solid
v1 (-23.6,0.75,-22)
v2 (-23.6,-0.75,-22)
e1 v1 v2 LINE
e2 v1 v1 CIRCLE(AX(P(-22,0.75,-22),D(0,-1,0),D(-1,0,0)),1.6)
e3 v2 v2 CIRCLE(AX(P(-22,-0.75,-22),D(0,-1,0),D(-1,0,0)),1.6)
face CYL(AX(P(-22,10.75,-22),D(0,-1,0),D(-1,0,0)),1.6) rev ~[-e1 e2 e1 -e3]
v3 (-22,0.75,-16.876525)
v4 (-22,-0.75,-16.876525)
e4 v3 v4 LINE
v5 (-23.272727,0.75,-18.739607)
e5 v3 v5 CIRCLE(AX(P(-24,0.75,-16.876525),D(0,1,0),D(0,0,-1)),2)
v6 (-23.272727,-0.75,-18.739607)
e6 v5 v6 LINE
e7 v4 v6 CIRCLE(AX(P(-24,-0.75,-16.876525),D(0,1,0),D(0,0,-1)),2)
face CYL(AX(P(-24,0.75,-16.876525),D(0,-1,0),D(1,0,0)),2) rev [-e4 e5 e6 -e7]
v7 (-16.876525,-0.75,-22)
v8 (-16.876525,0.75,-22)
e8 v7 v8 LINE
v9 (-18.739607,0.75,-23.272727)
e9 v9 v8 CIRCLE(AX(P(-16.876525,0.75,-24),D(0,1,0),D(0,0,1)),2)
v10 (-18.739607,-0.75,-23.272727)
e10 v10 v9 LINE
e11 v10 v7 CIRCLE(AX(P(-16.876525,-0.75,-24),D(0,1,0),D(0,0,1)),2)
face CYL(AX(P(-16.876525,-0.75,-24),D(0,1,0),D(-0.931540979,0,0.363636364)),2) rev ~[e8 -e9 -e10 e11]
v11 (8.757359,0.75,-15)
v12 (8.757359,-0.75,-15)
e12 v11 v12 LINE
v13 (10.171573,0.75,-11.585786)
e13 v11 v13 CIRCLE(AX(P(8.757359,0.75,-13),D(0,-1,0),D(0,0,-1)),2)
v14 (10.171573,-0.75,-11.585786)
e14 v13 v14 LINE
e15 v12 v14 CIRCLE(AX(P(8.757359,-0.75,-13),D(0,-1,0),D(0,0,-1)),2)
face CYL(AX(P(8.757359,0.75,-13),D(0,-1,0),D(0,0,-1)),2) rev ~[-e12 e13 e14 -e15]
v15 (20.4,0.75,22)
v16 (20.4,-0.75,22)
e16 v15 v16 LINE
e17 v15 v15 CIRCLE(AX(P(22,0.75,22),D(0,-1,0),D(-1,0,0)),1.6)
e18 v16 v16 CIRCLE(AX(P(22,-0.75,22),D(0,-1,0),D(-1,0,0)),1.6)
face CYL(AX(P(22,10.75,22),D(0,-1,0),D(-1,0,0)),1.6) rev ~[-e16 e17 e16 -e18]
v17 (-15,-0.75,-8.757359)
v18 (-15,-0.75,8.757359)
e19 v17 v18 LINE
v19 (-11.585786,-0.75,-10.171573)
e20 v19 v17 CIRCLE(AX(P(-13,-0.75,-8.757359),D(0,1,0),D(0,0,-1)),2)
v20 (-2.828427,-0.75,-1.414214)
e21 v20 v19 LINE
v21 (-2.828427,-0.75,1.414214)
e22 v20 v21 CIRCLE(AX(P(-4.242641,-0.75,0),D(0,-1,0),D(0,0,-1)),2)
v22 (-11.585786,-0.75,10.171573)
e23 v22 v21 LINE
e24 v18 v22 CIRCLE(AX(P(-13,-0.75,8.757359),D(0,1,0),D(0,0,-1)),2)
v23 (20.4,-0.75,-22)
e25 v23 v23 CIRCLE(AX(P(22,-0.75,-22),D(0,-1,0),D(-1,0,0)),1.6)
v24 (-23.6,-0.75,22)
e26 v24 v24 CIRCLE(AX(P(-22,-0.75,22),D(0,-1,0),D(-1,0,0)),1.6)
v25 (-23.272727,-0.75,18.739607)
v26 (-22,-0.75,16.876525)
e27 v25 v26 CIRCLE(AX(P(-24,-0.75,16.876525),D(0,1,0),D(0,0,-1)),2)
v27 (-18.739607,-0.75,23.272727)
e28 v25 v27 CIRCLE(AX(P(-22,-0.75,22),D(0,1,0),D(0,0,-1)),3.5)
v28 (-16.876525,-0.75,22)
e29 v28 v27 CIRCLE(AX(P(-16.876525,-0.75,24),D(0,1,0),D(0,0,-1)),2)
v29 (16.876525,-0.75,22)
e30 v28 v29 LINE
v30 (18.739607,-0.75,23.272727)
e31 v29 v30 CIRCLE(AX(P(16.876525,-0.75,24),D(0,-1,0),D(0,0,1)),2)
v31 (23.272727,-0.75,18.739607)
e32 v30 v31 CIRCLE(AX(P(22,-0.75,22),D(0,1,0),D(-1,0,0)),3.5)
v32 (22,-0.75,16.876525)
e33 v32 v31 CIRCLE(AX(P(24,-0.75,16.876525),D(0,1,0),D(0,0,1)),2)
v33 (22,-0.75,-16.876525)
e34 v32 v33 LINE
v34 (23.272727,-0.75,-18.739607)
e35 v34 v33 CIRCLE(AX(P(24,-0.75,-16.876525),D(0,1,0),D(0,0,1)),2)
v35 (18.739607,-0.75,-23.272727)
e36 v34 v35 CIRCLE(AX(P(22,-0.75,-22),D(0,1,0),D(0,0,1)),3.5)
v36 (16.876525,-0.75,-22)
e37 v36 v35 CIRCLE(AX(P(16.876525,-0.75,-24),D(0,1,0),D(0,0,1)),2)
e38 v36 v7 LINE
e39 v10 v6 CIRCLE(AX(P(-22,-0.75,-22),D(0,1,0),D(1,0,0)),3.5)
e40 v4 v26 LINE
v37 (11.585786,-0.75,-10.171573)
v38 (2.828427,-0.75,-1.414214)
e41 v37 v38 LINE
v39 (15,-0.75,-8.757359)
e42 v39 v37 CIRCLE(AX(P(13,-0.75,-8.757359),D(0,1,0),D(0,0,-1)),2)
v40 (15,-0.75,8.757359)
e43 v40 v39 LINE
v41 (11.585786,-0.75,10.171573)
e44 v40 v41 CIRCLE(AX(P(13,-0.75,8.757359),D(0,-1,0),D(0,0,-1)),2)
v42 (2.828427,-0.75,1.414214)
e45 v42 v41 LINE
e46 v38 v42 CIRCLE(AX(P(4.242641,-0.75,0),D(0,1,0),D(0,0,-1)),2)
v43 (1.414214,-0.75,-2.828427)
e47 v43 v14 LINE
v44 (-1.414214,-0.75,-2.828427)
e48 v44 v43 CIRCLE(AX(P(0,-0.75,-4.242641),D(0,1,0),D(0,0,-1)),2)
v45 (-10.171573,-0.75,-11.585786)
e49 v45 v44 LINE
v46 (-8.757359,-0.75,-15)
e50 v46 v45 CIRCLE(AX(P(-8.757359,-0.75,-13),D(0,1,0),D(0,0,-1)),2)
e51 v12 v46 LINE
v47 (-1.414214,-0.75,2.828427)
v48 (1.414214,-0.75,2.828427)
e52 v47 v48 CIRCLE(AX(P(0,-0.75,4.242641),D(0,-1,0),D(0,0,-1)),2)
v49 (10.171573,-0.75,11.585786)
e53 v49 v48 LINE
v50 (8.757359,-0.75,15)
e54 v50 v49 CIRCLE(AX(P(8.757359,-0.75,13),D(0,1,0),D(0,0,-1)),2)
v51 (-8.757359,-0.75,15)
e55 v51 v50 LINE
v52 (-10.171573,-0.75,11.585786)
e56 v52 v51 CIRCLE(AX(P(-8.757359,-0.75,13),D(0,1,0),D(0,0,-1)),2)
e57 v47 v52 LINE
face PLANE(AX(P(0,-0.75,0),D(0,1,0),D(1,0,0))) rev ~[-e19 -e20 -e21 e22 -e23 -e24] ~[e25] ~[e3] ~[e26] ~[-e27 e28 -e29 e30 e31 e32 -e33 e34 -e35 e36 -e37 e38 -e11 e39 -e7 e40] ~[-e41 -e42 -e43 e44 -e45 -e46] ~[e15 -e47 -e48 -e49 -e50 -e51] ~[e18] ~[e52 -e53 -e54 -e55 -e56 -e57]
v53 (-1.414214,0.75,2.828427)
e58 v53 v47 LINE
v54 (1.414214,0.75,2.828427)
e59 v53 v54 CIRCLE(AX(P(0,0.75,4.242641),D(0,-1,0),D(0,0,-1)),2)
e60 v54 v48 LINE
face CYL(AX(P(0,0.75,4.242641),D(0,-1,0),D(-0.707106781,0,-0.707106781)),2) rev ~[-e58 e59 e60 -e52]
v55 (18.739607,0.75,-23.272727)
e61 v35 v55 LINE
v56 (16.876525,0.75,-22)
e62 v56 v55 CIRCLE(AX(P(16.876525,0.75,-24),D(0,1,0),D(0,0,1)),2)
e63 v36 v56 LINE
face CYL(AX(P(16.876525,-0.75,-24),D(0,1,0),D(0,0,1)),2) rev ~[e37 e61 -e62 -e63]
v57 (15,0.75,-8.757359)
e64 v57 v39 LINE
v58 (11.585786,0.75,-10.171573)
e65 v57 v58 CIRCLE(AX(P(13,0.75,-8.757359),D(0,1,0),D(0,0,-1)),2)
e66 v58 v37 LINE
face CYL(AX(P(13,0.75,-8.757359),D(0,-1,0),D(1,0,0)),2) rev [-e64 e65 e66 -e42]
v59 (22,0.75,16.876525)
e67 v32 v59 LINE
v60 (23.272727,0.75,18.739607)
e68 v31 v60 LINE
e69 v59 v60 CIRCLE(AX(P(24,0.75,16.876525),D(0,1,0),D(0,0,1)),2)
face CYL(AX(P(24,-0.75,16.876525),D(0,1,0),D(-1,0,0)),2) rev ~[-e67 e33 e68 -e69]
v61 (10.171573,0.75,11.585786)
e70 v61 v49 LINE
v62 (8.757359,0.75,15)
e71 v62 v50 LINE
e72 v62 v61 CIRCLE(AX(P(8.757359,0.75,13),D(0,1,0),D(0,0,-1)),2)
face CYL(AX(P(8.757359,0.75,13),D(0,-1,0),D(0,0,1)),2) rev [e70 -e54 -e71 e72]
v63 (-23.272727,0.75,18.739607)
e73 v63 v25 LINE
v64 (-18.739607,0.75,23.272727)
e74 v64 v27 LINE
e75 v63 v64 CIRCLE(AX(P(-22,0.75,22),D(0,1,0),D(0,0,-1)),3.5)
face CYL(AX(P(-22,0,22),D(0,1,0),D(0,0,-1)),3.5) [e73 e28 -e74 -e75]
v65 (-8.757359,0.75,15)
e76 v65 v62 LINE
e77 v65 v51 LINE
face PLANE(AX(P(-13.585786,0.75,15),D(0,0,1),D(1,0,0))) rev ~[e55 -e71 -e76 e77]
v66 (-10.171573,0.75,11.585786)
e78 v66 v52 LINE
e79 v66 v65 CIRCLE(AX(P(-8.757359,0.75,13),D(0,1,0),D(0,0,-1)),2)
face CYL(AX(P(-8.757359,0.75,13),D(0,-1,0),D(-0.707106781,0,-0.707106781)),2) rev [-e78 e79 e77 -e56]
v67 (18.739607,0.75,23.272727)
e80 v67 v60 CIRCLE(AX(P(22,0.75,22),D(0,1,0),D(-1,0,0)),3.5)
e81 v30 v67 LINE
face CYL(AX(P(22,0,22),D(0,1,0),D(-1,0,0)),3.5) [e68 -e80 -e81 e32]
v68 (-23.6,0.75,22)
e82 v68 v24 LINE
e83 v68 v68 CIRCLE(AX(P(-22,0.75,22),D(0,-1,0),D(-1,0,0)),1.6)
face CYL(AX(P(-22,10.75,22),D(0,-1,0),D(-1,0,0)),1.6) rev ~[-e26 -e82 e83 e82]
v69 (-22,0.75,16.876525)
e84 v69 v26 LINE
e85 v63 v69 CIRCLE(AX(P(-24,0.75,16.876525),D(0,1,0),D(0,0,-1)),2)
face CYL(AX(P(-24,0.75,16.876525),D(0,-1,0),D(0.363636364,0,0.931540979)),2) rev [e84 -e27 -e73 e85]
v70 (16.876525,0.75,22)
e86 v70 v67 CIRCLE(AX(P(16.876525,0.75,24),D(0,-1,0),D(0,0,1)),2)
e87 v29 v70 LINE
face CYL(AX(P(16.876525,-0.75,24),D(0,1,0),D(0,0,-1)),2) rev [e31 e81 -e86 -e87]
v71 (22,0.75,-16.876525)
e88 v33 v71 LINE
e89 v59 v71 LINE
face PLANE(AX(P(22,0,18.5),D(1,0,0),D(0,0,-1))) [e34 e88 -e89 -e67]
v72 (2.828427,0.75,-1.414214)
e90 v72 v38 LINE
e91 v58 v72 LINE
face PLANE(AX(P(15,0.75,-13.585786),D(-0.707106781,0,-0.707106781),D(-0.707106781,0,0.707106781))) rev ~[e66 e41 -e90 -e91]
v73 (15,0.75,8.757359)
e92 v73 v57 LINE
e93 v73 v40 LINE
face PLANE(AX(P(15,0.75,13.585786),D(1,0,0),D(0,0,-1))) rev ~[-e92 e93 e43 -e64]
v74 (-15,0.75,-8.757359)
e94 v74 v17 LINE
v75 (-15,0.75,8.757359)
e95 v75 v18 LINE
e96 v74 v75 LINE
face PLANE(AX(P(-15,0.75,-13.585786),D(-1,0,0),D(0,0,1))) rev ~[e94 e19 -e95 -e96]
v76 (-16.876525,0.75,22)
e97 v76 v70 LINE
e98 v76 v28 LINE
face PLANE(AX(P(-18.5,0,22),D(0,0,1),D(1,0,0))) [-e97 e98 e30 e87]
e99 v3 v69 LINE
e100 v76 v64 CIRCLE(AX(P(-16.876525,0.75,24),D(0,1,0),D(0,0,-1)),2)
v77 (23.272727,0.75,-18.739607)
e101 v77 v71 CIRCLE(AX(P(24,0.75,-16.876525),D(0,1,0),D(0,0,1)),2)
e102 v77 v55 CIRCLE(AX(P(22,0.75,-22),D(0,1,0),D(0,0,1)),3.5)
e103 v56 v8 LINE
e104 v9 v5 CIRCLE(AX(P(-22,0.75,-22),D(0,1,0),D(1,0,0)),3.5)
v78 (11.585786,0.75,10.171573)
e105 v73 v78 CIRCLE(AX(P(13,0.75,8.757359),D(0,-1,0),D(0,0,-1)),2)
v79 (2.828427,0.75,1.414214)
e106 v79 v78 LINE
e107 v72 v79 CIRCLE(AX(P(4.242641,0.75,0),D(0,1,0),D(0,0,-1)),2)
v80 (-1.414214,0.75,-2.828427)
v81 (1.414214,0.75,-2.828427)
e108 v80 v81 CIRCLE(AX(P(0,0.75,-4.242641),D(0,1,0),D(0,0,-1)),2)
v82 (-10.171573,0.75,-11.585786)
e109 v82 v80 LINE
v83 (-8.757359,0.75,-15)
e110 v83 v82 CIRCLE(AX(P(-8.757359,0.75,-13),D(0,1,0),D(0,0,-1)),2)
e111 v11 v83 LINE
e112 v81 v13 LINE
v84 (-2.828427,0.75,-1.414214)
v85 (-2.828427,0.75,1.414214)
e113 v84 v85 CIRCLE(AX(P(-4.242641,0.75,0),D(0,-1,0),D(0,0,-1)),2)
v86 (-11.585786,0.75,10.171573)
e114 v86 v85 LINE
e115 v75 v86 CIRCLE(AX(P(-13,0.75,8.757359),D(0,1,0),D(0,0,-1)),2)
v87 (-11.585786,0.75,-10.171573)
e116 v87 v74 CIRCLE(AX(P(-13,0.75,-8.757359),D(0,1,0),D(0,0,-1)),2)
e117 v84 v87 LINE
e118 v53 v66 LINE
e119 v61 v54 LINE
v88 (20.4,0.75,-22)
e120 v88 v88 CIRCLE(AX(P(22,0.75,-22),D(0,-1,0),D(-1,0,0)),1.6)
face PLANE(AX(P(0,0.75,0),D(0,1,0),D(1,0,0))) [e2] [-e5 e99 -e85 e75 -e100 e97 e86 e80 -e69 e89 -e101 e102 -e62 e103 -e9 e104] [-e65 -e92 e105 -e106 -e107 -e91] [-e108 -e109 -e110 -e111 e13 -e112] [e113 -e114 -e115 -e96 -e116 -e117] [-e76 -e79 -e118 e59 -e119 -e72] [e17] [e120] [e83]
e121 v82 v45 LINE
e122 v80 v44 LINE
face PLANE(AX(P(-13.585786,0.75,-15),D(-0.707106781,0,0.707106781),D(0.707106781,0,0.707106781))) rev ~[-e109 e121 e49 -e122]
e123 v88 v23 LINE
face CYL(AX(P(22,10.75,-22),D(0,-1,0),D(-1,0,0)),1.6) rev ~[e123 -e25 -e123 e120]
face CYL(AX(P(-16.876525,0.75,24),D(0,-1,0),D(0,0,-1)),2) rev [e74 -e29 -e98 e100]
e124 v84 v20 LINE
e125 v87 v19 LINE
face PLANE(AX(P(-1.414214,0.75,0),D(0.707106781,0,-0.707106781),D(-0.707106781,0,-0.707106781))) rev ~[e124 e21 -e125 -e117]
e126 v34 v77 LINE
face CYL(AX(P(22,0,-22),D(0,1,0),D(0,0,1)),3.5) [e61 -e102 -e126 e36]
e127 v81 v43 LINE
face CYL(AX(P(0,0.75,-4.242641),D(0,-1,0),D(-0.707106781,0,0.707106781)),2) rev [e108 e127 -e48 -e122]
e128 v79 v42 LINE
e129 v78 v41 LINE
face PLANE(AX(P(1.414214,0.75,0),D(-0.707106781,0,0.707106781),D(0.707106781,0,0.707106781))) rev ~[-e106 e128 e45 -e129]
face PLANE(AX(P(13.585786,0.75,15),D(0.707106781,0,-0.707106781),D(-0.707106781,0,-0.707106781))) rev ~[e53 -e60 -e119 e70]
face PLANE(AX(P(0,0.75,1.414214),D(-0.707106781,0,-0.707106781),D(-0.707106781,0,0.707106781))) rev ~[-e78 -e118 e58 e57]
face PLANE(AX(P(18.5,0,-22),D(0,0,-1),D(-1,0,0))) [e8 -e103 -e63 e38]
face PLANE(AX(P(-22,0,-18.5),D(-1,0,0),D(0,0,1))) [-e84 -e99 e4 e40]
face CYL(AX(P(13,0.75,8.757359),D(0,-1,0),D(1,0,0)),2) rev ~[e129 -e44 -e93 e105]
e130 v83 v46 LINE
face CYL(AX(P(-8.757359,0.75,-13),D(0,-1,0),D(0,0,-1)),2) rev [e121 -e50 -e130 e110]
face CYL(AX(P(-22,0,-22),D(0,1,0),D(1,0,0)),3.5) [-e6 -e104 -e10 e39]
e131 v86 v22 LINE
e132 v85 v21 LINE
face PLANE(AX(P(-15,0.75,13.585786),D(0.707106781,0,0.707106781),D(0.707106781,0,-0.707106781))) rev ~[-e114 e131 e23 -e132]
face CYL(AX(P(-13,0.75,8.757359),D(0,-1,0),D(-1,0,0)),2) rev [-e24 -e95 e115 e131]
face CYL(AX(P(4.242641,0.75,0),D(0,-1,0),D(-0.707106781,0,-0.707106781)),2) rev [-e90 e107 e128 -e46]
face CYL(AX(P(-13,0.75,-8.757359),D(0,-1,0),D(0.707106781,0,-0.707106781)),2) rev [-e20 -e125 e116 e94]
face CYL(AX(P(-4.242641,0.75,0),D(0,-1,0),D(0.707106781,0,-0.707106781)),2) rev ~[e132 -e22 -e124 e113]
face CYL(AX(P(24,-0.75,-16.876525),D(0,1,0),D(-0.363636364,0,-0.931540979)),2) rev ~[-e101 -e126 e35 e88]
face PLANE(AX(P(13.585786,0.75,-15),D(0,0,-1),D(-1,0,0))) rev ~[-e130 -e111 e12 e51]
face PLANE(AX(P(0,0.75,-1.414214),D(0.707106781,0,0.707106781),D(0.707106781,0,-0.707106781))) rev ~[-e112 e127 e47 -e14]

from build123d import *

# Parameters (mm, degrees)
BOSS_EXTRUDE1_DEPTH            = 0.75
FILLET1_R                      = 2
F_3_2_3_2_DIAMETER_HOLE1_D     = 3.2
F_3_2_3_2_DIAMETER_HOLE1_DEPTH = 10
F_3_2_3_2_DIAMETER_HOLE1_TIP   = 0.96137699
CUT_EXTRUDE1_DEPTH             = 1.5
FILLET2_R                      = 2


with BuildPart() as part:
    # Sketch1 → Boss-Extrude1 (new body, symmetric)
    with BuildSketch(Plane(origin=(0, 0, 0), x_dir=(1, 0, 0), z_dir=(0, 1, 0))):
        with BuildLine():
            Line((-18.5, -22), (18.5, -22))
            ThreePointArc((18.5, -22), (24.474873734, -24.474873734), (22, -18.5))
            Line((22, -18.5), (22, 18.5))
            ThreePointArc((22, 18.5), (24.474873734, 24.474873734), (18.5, 22))
            Line((18.5, 22), (-18.5, 22))
            ThreePointArc((-18.5, 22), (-24.474873734, 24.474873734), (-22, 18.5))
            Line((-22, 18.5), (-22, -18.5))
            ThreePointArc((-22, -18.5), (-24.474873734, -24.474873734), (-18.5, -22))
        make_face()
    extrude(amount=BOSS_EXTRUDE1_DEPTH, both=True)

    # Fillet1
    fillet1_edges = [part.edges().sort_by_distance(p)[0] for p in [
        (-18.5, 0, -22),
        (18.5, 0, -22),
        (22, 0, -18.5),
        (22, 0, 18.5),
        (18.5, 0, 22),
        (-18.5, 0, 22),
        (-22, 0, 18.5),
        (-22, 0, -18.5),
    ]]
    fillet(fillet1_edges, radius=FILLET1_R)

    # Ø3.2 (3.2) Diameter Hole1
    with Locations(Plane(origin=(0, 0.75, 0), x_dir=(1, 0, 0), z_dir=(0, 1, 0))):
        with Locations((-22, 22), (-22, -22), (22, -22), (22, 22)):
            Hole(F_3_2_3_2_DIAMETER_HOLE1_D / 2, depth=F_3_2_3_2_DIAMETER_HOLE1_DEPTH)
            with Locations((0, 0, -(F_3_2_3_2_DIAMETER_HOLE1_DEPTH + F_3_2_3_2_DIAMETER_HOLE1_TIP / 2))):  # 118° drill point
                Cone(0, F_3_2_3_2_DIAMETER_HOLE1_D / 2, F_3_2_3_2_DIAMETER_HOLE1_TIP, mode=Mode.SUBTRACT)

    # Sketch4 → Cut-Extrude1 (cut)
    with BuildSketch(Plane(origin=(0, 0.75, 0), x_dir=(1, 0, 0), z_dir=(0, 1, 0))):
        Polygon((-1.414213562, 0), (-15, 13.585786438), (-15, -13.585786438), align=None)
        Polygon((13.585786438, 15), (-13.585786438, 15), (0, 1.414213562), align=None)
        Polygon((15, -13.585786438), (15, 13.585786438), (1.414213562, 0), align=None)
        Polygon((0, -1.414213562), (-13.585786438, -15), (13.585786438, -15), align=None)
    extrude(amount=-CUT_EXTRUDE1_DEPTH, mode=Mode.SUBTRACT)

    # Fillet2
    fillet2_edges = [part.edges().sort_by_distance(p)[0] for p in [
        (-1.414213562, 0, 0),
        (-15, 0, 13.585786438),
        (-15, 0, -13.585786438),
        (13.585786438, 0, -15),
        (0, 0, -1.414213562),
        (-13.585786438, 0, -15),
        (15, 0, -13.585786438),
        (15, 0, 13.585786438),
        (1.414213562, 0, 0),
        (0, 0, 1.414213562),
        (13.585786438, 0, 15),
        (-13.585786438, 0, 15),
    ]]
    fillet(fillet2_edges, radius=FILLET2_R)


solid = part.part
